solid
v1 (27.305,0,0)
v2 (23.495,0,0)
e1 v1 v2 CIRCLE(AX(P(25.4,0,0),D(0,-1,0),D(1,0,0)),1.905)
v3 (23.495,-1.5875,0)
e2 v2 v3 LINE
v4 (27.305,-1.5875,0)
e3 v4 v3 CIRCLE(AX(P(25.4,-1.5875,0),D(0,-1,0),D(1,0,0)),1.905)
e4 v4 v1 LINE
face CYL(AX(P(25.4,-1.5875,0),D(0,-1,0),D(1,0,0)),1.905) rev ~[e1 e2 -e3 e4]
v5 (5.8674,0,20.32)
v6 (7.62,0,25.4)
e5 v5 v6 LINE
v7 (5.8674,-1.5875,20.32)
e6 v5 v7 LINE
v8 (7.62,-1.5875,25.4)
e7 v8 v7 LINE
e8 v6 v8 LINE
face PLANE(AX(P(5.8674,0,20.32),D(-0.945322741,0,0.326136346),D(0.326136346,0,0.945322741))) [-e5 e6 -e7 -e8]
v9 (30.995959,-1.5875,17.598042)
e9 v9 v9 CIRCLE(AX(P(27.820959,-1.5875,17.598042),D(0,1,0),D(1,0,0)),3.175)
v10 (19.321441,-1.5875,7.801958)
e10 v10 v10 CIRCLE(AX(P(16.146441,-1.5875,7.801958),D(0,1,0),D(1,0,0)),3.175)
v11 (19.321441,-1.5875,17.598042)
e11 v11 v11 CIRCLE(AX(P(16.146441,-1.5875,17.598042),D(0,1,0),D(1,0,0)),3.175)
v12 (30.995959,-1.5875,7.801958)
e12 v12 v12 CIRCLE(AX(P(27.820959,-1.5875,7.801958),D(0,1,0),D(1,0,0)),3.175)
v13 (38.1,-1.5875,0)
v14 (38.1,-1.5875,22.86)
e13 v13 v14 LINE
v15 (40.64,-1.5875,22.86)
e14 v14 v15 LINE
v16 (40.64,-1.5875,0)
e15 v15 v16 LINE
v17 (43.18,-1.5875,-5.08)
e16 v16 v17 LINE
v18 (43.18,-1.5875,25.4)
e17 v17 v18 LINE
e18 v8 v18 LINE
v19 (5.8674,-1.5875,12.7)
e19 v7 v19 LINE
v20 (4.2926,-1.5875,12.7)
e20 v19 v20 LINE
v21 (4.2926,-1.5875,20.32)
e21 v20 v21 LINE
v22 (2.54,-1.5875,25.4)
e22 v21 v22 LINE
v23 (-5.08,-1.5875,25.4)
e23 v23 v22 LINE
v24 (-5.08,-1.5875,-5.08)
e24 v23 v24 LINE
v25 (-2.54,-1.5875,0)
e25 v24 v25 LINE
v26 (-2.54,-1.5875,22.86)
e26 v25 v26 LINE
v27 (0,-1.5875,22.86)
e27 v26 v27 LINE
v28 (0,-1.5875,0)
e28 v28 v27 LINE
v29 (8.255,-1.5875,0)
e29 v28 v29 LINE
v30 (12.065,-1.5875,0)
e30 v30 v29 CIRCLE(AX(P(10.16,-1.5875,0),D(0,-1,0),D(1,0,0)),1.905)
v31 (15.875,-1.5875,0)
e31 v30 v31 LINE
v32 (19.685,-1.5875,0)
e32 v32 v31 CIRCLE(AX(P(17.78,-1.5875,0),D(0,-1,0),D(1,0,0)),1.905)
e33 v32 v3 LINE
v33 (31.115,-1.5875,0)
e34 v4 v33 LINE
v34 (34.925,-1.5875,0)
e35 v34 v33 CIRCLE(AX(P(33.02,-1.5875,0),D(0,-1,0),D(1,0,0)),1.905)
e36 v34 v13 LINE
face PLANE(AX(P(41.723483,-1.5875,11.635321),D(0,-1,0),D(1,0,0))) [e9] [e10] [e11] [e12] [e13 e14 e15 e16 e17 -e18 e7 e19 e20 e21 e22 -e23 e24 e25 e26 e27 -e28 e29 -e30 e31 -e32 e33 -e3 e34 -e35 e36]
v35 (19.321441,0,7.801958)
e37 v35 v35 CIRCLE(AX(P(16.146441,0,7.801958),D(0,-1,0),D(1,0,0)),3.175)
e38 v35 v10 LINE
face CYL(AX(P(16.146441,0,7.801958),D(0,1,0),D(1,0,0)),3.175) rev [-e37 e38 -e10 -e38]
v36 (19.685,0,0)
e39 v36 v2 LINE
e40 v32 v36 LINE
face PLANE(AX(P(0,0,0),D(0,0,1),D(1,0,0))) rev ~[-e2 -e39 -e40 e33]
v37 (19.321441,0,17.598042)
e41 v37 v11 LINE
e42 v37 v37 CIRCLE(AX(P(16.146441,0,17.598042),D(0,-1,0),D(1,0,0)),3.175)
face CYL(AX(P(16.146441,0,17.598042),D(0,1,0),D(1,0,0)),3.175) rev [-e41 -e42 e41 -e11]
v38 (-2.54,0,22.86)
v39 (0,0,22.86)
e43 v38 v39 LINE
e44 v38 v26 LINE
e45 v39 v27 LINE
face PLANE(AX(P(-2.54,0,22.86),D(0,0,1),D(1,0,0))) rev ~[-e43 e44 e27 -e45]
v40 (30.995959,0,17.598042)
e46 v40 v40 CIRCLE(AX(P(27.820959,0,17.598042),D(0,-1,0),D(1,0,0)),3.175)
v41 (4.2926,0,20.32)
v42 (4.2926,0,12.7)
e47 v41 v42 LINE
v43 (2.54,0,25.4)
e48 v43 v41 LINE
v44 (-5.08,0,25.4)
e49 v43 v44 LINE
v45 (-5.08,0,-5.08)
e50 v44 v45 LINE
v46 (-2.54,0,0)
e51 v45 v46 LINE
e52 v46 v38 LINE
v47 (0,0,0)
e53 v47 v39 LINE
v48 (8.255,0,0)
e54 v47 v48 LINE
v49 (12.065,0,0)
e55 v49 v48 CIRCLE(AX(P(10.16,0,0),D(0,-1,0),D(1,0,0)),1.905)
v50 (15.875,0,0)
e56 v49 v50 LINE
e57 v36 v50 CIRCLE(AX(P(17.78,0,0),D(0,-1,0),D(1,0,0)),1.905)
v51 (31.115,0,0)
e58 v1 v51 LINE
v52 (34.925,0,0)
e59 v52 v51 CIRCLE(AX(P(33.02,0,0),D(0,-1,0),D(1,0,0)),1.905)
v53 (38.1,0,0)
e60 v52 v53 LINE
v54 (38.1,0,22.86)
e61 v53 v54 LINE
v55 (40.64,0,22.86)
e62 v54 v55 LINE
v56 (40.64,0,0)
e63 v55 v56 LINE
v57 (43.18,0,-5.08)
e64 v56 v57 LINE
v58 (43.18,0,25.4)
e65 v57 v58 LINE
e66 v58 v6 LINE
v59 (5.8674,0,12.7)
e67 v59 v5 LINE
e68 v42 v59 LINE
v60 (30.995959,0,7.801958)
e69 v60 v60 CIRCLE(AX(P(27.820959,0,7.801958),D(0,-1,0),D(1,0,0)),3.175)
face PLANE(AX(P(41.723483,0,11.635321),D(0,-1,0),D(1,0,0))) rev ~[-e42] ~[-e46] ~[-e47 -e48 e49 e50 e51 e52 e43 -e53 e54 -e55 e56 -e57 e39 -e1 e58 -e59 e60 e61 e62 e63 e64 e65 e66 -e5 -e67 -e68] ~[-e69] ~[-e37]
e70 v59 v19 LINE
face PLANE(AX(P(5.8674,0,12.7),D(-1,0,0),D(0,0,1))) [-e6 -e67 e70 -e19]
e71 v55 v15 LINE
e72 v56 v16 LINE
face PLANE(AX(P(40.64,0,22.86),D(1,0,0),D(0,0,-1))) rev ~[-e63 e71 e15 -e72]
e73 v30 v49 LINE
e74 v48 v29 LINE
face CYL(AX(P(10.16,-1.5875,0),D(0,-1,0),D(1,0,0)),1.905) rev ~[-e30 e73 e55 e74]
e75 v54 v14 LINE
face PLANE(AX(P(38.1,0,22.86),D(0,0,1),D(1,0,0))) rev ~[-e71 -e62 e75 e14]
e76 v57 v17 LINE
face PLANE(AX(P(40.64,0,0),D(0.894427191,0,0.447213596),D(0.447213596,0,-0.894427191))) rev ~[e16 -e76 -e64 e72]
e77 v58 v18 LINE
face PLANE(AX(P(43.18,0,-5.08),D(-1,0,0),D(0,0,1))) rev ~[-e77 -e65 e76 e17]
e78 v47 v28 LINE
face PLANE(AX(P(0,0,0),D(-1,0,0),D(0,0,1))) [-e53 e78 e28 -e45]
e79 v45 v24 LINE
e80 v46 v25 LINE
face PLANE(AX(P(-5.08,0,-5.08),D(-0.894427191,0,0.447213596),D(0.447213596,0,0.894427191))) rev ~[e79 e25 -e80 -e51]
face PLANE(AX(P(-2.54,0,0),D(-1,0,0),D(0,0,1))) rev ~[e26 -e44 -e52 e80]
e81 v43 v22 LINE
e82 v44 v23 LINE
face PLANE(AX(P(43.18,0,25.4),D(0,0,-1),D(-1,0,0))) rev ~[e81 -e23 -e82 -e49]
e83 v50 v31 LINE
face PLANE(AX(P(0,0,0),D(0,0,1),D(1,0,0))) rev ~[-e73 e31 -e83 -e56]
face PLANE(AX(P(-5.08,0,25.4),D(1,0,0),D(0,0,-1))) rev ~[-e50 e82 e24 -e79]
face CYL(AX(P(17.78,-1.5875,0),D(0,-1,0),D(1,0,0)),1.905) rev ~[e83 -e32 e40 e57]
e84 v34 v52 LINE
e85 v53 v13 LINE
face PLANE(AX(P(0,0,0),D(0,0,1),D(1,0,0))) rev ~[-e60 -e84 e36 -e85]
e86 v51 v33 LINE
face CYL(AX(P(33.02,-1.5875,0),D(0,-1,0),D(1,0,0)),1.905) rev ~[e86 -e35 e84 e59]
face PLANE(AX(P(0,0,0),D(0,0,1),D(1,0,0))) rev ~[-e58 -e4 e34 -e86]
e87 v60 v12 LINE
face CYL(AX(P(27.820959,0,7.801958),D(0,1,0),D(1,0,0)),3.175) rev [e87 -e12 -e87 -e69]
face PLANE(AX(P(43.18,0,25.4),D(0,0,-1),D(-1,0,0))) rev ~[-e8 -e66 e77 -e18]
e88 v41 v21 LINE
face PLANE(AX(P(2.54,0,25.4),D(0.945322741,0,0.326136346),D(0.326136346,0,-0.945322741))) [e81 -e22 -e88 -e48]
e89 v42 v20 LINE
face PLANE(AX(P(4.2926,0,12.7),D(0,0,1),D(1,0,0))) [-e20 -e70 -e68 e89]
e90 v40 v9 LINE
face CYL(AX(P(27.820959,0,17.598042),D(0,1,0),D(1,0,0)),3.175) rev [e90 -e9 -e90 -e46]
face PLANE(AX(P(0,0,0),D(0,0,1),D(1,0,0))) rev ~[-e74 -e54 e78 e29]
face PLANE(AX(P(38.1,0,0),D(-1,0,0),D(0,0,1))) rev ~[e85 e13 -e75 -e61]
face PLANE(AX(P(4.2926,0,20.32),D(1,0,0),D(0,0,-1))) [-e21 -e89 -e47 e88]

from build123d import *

# Parameters (mm, degrees)
F0_W     = 38.1
F0_H     = 25.4
F1_DEPTH = 1.5875
F3_DEPTH = 1.5875
F5_DEPTH = 1.5885
F6_R     = 3.175
F7_DEPTH = 1.5885
F8_R     = 1.905
F9_DEPTH = 25.4


with BuildPart() as f1:
    # F0 (on Front) → F1 (new body)
    with BuildSketch(Plane.XZ):
        with Locations((19.05, 12.7)):
            Rectangle(F0_W, F0_H)
    extrude(amount=F1_DEPTH)

    # F2 (on Front) → F3 (join, through all)
    with BuildSketch(Plane.XZ):
        Polygon((43.18, 25.4), (38.1, 25.4), (38.1, 22.86), (40.64, 22.86), (40.64, 0), (43.18, -5.08), align=None)
        Polygon((-2.54, 22.86), (0, 22.86), (0, 25.4), (-5.08, 25.4), (-5.08, -5.08), (-2.54, 0), align=None)
    extrude(amount=F3_DEPTH)

    # F4 (on Front) → F5 (cut, through all)
    with BuildSketch(Plane.XZ):
        Polygon((7.62, 25.4), (2.54, 25.4), (4.2926, 20.32), (4.2926, 12.7), (5.8674, 12.7), (5.8674, 20.32), align=None)
    extrude(amount=F5_DEPTH, mode=Mode.SUBTRACT)

    # F6 (on Front) → F7 (cut, through all)
    with BuildSketch(Plane.XZ):
        with Locations((16.146441, 17.598042)):
            Circle(F6_R)
        with Locations((27.820959, 17.598042)):
            Circle(F6_R)
        with Locations((16.146441, 7.801958)):
            Circle(F6_R)
        with Locations((27.820959, 7.801958)):
            Circle(F6_R)
    extrude(amount=F7_DEPTH, mode=Mode.SUBTRACT)

    # F8 (on face) → F9 (cut)
    with BuildSketch(Plane.XZ.offset(1.5875)):
        with Locations((10.16, 0)):
            Circle(F8_R)
        with Locations((17.78, 0)):
            Circle(F8_R)
        with Locations((25.4, 0)):
            Circle(F8_R)
        with Locations((33.02, 0)):
            Circle(F8_R)
    extrude(amount=-F9_DEPTH, mode=Mode.SUBTRACT)


solid = f1.part
